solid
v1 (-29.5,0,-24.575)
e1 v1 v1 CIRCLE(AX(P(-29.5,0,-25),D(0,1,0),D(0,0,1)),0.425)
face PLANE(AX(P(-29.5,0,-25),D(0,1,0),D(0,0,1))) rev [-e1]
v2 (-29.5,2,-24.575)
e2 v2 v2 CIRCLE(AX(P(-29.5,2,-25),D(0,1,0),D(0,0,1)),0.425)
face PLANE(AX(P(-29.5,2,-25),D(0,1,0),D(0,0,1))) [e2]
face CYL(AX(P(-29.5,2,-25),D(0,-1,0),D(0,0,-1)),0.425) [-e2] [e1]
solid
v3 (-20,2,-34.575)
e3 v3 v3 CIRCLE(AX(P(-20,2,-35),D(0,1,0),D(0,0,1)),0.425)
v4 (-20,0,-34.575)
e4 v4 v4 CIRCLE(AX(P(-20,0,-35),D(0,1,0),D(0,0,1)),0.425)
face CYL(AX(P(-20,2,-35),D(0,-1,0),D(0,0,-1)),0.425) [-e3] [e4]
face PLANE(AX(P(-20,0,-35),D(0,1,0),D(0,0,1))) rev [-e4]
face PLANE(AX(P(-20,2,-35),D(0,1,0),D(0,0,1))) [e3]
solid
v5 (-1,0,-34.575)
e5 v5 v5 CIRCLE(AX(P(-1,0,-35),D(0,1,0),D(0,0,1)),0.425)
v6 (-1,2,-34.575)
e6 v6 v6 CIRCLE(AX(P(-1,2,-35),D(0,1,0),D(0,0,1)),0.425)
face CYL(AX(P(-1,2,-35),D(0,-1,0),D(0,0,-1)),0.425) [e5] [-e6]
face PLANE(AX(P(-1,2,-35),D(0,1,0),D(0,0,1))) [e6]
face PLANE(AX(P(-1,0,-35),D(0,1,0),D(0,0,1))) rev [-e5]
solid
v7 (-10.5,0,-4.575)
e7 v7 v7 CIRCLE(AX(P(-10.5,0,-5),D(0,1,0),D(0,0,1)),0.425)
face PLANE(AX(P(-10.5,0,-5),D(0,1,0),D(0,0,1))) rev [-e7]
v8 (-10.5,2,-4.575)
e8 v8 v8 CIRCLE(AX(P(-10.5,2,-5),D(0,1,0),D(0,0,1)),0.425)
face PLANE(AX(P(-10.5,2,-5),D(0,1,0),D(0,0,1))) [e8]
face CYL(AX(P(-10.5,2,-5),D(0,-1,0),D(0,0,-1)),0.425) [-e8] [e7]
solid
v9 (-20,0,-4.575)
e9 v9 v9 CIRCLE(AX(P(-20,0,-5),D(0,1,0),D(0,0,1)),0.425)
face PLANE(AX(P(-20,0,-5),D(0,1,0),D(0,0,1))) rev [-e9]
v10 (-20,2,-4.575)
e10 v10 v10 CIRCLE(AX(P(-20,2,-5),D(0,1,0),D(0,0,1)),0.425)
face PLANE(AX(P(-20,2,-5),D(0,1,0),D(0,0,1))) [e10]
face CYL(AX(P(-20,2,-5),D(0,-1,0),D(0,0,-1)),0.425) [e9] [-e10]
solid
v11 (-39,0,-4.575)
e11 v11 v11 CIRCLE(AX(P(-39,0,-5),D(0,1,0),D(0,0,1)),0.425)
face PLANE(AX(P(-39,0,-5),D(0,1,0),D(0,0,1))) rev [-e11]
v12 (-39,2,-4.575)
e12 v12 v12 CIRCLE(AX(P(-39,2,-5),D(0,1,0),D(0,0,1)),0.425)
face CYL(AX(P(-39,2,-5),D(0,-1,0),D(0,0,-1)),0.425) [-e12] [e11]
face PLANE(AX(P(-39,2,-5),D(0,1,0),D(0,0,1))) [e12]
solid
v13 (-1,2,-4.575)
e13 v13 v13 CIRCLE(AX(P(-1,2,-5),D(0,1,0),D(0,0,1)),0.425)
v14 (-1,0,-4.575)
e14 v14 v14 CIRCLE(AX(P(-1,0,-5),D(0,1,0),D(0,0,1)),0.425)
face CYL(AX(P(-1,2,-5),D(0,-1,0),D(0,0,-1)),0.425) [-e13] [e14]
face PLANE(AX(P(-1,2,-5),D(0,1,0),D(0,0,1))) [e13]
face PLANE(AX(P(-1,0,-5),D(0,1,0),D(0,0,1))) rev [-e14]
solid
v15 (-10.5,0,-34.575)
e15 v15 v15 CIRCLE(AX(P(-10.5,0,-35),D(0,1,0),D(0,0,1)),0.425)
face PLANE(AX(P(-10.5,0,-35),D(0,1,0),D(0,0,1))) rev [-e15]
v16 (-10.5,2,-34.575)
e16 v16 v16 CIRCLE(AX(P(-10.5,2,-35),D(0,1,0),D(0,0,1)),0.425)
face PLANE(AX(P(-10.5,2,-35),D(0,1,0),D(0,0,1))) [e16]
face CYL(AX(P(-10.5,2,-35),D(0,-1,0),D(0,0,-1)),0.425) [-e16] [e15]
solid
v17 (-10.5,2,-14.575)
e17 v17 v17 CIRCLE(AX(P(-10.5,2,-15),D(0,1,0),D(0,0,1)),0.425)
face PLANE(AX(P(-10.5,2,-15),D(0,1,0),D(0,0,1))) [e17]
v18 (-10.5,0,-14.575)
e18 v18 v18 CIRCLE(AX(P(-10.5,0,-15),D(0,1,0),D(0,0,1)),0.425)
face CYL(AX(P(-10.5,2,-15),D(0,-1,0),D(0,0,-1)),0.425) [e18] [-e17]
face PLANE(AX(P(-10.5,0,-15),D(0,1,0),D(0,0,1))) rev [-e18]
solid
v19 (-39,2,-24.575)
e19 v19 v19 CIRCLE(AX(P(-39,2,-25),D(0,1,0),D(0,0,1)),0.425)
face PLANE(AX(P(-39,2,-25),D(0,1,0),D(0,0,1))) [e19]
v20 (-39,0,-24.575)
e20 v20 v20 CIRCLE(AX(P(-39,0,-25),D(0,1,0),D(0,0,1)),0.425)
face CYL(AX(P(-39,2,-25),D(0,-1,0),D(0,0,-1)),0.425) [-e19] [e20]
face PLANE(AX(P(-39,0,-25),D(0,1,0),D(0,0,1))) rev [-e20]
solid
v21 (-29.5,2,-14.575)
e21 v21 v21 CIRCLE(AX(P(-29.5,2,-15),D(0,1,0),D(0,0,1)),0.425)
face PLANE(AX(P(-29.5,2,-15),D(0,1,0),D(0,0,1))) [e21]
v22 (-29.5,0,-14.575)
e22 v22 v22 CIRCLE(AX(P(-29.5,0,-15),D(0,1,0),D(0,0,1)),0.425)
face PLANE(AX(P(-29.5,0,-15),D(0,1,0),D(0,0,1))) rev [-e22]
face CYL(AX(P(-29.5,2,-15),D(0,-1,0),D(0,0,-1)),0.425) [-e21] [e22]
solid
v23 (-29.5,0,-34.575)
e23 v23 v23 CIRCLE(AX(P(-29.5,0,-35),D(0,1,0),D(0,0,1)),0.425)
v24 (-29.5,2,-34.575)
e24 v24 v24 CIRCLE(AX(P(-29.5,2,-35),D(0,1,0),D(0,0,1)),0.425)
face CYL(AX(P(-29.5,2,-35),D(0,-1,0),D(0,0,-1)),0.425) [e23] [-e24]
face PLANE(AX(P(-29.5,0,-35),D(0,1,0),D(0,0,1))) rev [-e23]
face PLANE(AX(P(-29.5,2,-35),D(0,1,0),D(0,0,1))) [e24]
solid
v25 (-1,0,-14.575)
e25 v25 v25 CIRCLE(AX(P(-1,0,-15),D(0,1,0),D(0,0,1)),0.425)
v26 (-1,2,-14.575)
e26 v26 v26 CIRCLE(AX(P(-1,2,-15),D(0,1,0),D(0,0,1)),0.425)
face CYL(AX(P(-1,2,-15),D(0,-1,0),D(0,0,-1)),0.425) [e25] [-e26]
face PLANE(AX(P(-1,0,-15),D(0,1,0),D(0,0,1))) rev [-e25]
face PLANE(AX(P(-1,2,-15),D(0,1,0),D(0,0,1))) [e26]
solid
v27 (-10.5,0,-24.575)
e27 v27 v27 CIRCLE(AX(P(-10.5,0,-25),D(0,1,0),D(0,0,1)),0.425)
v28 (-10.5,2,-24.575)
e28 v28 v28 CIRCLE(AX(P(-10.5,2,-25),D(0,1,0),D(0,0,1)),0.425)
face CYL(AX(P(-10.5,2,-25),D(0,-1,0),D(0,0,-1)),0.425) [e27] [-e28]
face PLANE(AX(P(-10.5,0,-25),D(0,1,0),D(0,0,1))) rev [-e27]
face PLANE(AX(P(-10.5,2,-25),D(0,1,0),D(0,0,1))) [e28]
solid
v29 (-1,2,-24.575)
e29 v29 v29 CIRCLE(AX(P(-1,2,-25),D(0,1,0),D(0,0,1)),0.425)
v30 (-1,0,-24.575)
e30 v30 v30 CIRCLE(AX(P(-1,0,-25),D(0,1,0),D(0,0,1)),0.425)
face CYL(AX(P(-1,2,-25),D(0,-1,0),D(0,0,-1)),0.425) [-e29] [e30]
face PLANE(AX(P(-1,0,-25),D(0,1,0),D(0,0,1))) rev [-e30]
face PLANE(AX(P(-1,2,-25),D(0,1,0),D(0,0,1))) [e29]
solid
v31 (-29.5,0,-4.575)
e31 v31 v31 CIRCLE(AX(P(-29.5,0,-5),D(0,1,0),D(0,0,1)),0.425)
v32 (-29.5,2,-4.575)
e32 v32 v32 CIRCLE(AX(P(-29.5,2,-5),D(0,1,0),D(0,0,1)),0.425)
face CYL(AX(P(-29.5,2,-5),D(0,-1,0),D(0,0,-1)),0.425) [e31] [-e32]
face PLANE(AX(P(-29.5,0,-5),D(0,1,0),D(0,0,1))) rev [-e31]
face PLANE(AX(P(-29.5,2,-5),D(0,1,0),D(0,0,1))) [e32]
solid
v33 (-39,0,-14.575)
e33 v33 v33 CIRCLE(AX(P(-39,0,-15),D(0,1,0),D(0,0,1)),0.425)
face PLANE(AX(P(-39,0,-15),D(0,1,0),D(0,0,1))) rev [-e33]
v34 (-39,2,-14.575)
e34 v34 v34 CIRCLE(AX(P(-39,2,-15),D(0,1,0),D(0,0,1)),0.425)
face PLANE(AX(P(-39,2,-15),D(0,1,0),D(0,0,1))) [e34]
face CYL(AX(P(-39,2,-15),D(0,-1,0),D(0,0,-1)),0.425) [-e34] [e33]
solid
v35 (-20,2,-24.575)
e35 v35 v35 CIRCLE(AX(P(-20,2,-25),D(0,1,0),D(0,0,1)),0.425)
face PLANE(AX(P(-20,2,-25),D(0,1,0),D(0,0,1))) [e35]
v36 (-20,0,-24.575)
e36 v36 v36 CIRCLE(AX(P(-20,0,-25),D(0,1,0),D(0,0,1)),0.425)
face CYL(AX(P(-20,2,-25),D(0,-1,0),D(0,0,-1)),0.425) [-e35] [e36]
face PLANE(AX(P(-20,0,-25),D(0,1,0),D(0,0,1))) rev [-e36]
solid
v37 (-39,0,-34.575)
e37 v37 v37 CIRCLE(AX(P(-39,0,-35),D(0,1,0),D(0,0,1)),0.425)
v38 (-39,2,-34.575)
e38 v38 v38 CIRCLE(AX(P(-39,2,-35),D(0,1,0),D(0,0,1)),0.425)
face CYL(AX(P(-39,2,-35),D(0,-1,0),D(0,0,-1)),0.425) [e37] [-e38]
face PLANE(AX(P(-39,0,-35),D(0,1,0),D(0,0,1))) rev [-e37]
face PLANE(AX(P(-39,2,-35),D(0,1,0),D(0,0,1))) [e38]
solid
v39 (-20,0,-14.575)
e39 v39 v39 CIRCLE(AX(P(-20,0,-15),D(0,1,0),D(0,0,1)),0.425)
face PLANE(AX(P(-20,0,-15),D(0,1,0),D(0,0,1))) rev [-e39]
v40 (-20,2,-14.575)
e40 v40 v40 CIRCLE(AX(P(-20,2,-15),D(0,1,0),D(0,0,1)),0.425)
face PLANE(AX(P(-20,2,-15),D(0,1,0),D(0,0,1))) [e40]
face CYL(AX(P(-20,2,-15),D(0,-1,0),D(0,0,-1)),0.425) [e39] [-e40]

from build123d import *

# Parameters (mm, degrees)
SKETCH3_R              = 0.425
BOSS_EXTRUDE1_DEPTH    = 2
BOSS_EXTRUDE1_2_DEPTH  = 2
BOSS_EXTRUDE1_3_DEPTH  = 2
BOSS_EXTRUDE1_4_DEPTH  = 2
BOSS_EXTRUDE1_5_DEPTH  = 2
BOSS_EXTRUDE1_6_DEPTH  = 2
BOSS_EXTRUDE1_7_DEPTH  = 2
BOSS_EXTRUDE1_8_DEPTH  = 2
BOSS_EXTRUDE1_9_DEPTH  = 2
BOSS_EXTRUDE1_10_DEPTH = 2
BOSS_EXTRUDE1_11_DEPTH = 2
BOSS_EXTRUDE1_12_DEPTH = 2
BOSS_EXTRUDE1_13_DEPTH = 2
BOSS_EXTRUDE1_14_DEPTH = 2
BOSS_EXTRUDE1_15_DEPTH = 2
BOSS_EXTRUDE1_16_DEPTH = 2
BOSS_EXTRUDE1_17_DEPTH = 2
BOSS_EXTRUDE1_18_DEPTH = 2
BOSS_EXTRUDE1_19_DEPTH = 2
BOSS_EXTRUDE1_20_DEPTH = 2


with BuildPart() as part:
    # Sketch3 → Boss-Extrude1 (new body)
    with BuildSketch(Plane(origin=(0, 0, 0), x_dir=(1, 0, 0), z_dir=(0, 1, 0))):
        with Locations(Location((-39, 5, 0), (0, 0, 270))):
            Circle(SKETCH3_R)
    extrude(amount=BOSS_EXTRUDE1_DEPTH)


with BuildPart() as body_2:
    # Sketch3 → Boss-Extrude1 2 (new body)
    with BuildSketch(Plane(origin=(0, 0, 0), x_dir=(1, 0, 0), z_dir=(0, 1, 0))):
        with Locations(Location((-29.5, 5, 0), (0, 0, 270))):
            Circle(SKETCH3_R)
    extrude(amount=BOSS_EXTRUDE1_2_DEPTH)


with BuildPart() as body_3:
    # Sketch3 → Boss-Extrude1 3 (new body)
    with BuildSketch(Plane(origin=(0, 0, 0), x_dir=(1, 0, 0), z_dir=(0, 1, 0))):
        with Locations(Location((-20, 5, 0), (0, 0, 270))):
            Circle(SKETCH3_R)
    extrude(amount=BOSS_EXTRUDE1_3_DEPTH)


with BuildPart() as body_4:
    # Sketch3 → Boss-Extrude1 4 (new body)
    with BuildSketch(Plane(origin=(0, 0, 0), x_dir=(1, 0, 0), z_dir=(0, 1, 0))):
        with Locations(Location((-10.5, 5, 0), (0, 0, 270))):
            Circle(SKETCH3_R)
    extrude(amount=BOSS_EXTRUDE1_4_DEPTH)


with BuildPart() as body_5:
    # Sketch3 → Boss-Extrude1 5 (new body)
    with BuildSketch(Plane(origin=(0, 0, 0), x_dir=(1, 0, 0), z_dir=(0, 1, 0))):
        with Locations(Location((-1, 5, 0), (0, 0, 270))):
            Circle(SKETCH3_R)
    extrude(amount=BOSS_EXTRUDE1_5_DEPTH)


with BuildPart() as body_6:
    # Sketch3 → Boss-Extrude1 6 (new body)
    with BuildSketch(Plane(origin=(0, 0, 0), x_dir=(1, 0, 0), z_dir=(0, 1, 0))):
        with Locations(Location((-29.5, 15, 0), (0, 0, 270))):
            Circle(SKETCH3_R)
    extrude(amount=BOSS_EXTRUDE1_6_DEPTH)


with BuildPart() as body_7:
    # Sketch3 → Boss-Extrude1 7 (new body)
    with BuildSketch(Plane(origin=(0, 0, 0), x_dir=(1, 0, 0), z_dir=(0, 1, 0))):
        with Locations(Location((-20, 15, 0), (0, 0, 270))):
            Circle(SKETCH3_R)
    extrude(amount=BOSS_EXTRUDE1_7_DEPTH)


with BuildPart() as body_8:
    # Sketch3 → Boss-Extrude1 8 (new body)
    with BuildSketch(Plane(origin=(0, 0, 0), x_dir=(1, 0, 0), z_dir=(0, 1, 0))):
        with Locations(Location((-10.5, 15, 0), (0, 0, 270))):
            Circle(SKETCH3_R)
    extrude(amount=BOSS_EXTRUDE1_8_DEPTH)


with BuildPart() as body_9:
    # Sketch3 → Boss-Extrude1 9 (new body)
    with BuildSketch(Plane(origin=(0, 0, 0), x_dir=(1, 0, 0), z_dir=(0, 1, 0))):
        with Locations(Location((-1, 15, 0), (0, 0, 270))):
            Circle(SKETCH3_R)
    extrude(amount=BOSS_EXTRUDE1_9_DEPTH)


with BuildPart() as body_10:
    # Sketch3 → Boss-Extrude1 10 (new body)
    with BuildSketch(Plane(origin=(0, 0, 0), x_dir=(1, 0, 0), z_dir=(0, 1, 0))):
        with Locations(Location((-29.5, 25, 0), (0, 0, 270))):
            Circle(SKETCH3_R)
    extrude(amount=BOSS_EXTRUDE1_10_DEPTH)


with BuildPart() as body_11:
    # Sketch3 → Boss-Extrude1 11 (new body)
    with BuildSketch(Plane(origin=(0, 0, 0), x_dir=(1, 0, 0), z_dir=(0, 1, 0))):
        with Locations(Location((-20, 25, 0), (0, 0, 270))):
            Circle(SKETCH3_R)
    extrude(amount=BOSS_EXTRUDE1_11_DEPTH)


with BuildPart() as body_12:
    # Sketch3 → Boss-Extrude1 12 (new body)
    with BuildSketch(Plane(origin=(0, 0, 0), x_dir=(1, 0, 0), z_dir=(0, 1, 0))):
        with Locations(Location((-10.5, 25, 0), (0, 0, 270))):
            Circle(SKETCH3_R)
    extrude(amount=BOSS_EXTRUDE1_12_DEPTH)


with BuildPart() as body_13:
    # Sketch3 → Boss-Extrude1 13 (new body)
    with BuildSketch(Plane(origin=(0, 0, 0), x_dir=(1, 0, 0), z_dir=(0, 1, 0))):
        with Locations(Location((-1, 25, 0), (0, 0, 270))):
            Circle(SKETCH3_R)
    extrude(amount=BOSS_EXTRUDE1_13_DEPTH)


with BuildPart() as body_14:
    # Sketch3 → Boss-Extrude1 14 (new body)
    with BuildSketch(Plane(origin=(0, 0, 0), x_dir=(1, 0, 0), z_dir=(0, 1, 0))):
        with Locations(Location((-29.5, 35, 0), (0, 0, 270))):
            Circle(SKETCH3_R)
    extrude(amount=BOSS_EXTRUDE1_14_DEPTH)


with BuildPart() as body_15:
    # Sketch3 → Boss-Extrude1 15 (new body)
    with BuildSketch(Plane(origin=(0, 0, 0), x_dir=(1, 0, 0), z_dir=(0, 1, 0))):
        with Locations(Location((-20, 35, 0), (0, 0, 270))):
            Circle(SKETCH3_R)
    extrude(amount=BOSS_EXTRUDE1_15_DEPTH)


with BuildPart() as body_16:
    # Sketch3 → Boss-Extrude1 16 (new body)
    with BuildSketch(Plane(origin=(0, 0, 0), x_dir=(1, 0, 0), z_dir=(0, 1, 0))):
        with Locations(Location((-10.5, 35, 0), (0, 0, 270))):
            Circle(SKETCH3_R)
    extrude(amount=BOSS_EXTRUDE1_16_DEPTH)


with BuildPart() as body_17:
    # Sketch3 → Boss-Extrude1 17 (new body)
    with BuildSketch(Plane(origin=(0, 0, 0), x_dir=(1, 0, 0), z_dir=(0, 1, 0))):
        with Locations(Location((-1, 35, 0), (0, 0, 270))):
            Circle(SKETCH3_R)
    extrude(amount=BOSS_EXTRUDE1_17_DEPTH)


with BuildPart() as body_18:
    # Sketch3 → Boss-Extrude1 18 (new body)
    with BuildSketch(Plane(origin=(0, 0, 0), x_dir=(1, 0, 0), z_dir=(0, 1, 0))):
        with Locations(Location((-39, 15, 0), (0, 0, 270))):
            Circle(SKETCH3_R)
    extrude(amount=BOSS_EXTRUDE1_18_DEPTH)


with BuildPart() as body_19:
    # Sketch3 → Boss-Extrude1 19 (new body)
    with BuildSketch(Plane(origin=(0, 0, 0), x_dir=(1, 0, 0), z_dir=(0, 1, 0))):
        with Locations(Location((-39, 25, 0), (0, 0, 270))):
            Circle(SKETCH3_R)
    extrude(amount=BOSS_EXTRUDE1_19_DEPTH)


with BuildPart() as body_20:
    # Sketch3 → Boss-Extrude1 20 (new body)
    with BuildSketch(Plane(origin=(0, 0, 0), x_dir=(1, 0, 0), z_dir=(0, 1, 0))):
        with Locations(Location((-39, 35, 0), (0, 0, 270))):
            Circle(SKETCH3_R)
    extrude(amount=BOSS_EXTRUDE1_20_DEPTH)


solid = Compound([part.part, body_2.part, body_3.part, body_4.part, body_5.part, body_6.part, body_7.part, body_8.part, body_9.part, body_10.part, body_11.part, body_12.part, body_13.part, body_14.part, body_15.part, body_16.part, body_17.part, body_18.part, body_19.part, body_20.part])
